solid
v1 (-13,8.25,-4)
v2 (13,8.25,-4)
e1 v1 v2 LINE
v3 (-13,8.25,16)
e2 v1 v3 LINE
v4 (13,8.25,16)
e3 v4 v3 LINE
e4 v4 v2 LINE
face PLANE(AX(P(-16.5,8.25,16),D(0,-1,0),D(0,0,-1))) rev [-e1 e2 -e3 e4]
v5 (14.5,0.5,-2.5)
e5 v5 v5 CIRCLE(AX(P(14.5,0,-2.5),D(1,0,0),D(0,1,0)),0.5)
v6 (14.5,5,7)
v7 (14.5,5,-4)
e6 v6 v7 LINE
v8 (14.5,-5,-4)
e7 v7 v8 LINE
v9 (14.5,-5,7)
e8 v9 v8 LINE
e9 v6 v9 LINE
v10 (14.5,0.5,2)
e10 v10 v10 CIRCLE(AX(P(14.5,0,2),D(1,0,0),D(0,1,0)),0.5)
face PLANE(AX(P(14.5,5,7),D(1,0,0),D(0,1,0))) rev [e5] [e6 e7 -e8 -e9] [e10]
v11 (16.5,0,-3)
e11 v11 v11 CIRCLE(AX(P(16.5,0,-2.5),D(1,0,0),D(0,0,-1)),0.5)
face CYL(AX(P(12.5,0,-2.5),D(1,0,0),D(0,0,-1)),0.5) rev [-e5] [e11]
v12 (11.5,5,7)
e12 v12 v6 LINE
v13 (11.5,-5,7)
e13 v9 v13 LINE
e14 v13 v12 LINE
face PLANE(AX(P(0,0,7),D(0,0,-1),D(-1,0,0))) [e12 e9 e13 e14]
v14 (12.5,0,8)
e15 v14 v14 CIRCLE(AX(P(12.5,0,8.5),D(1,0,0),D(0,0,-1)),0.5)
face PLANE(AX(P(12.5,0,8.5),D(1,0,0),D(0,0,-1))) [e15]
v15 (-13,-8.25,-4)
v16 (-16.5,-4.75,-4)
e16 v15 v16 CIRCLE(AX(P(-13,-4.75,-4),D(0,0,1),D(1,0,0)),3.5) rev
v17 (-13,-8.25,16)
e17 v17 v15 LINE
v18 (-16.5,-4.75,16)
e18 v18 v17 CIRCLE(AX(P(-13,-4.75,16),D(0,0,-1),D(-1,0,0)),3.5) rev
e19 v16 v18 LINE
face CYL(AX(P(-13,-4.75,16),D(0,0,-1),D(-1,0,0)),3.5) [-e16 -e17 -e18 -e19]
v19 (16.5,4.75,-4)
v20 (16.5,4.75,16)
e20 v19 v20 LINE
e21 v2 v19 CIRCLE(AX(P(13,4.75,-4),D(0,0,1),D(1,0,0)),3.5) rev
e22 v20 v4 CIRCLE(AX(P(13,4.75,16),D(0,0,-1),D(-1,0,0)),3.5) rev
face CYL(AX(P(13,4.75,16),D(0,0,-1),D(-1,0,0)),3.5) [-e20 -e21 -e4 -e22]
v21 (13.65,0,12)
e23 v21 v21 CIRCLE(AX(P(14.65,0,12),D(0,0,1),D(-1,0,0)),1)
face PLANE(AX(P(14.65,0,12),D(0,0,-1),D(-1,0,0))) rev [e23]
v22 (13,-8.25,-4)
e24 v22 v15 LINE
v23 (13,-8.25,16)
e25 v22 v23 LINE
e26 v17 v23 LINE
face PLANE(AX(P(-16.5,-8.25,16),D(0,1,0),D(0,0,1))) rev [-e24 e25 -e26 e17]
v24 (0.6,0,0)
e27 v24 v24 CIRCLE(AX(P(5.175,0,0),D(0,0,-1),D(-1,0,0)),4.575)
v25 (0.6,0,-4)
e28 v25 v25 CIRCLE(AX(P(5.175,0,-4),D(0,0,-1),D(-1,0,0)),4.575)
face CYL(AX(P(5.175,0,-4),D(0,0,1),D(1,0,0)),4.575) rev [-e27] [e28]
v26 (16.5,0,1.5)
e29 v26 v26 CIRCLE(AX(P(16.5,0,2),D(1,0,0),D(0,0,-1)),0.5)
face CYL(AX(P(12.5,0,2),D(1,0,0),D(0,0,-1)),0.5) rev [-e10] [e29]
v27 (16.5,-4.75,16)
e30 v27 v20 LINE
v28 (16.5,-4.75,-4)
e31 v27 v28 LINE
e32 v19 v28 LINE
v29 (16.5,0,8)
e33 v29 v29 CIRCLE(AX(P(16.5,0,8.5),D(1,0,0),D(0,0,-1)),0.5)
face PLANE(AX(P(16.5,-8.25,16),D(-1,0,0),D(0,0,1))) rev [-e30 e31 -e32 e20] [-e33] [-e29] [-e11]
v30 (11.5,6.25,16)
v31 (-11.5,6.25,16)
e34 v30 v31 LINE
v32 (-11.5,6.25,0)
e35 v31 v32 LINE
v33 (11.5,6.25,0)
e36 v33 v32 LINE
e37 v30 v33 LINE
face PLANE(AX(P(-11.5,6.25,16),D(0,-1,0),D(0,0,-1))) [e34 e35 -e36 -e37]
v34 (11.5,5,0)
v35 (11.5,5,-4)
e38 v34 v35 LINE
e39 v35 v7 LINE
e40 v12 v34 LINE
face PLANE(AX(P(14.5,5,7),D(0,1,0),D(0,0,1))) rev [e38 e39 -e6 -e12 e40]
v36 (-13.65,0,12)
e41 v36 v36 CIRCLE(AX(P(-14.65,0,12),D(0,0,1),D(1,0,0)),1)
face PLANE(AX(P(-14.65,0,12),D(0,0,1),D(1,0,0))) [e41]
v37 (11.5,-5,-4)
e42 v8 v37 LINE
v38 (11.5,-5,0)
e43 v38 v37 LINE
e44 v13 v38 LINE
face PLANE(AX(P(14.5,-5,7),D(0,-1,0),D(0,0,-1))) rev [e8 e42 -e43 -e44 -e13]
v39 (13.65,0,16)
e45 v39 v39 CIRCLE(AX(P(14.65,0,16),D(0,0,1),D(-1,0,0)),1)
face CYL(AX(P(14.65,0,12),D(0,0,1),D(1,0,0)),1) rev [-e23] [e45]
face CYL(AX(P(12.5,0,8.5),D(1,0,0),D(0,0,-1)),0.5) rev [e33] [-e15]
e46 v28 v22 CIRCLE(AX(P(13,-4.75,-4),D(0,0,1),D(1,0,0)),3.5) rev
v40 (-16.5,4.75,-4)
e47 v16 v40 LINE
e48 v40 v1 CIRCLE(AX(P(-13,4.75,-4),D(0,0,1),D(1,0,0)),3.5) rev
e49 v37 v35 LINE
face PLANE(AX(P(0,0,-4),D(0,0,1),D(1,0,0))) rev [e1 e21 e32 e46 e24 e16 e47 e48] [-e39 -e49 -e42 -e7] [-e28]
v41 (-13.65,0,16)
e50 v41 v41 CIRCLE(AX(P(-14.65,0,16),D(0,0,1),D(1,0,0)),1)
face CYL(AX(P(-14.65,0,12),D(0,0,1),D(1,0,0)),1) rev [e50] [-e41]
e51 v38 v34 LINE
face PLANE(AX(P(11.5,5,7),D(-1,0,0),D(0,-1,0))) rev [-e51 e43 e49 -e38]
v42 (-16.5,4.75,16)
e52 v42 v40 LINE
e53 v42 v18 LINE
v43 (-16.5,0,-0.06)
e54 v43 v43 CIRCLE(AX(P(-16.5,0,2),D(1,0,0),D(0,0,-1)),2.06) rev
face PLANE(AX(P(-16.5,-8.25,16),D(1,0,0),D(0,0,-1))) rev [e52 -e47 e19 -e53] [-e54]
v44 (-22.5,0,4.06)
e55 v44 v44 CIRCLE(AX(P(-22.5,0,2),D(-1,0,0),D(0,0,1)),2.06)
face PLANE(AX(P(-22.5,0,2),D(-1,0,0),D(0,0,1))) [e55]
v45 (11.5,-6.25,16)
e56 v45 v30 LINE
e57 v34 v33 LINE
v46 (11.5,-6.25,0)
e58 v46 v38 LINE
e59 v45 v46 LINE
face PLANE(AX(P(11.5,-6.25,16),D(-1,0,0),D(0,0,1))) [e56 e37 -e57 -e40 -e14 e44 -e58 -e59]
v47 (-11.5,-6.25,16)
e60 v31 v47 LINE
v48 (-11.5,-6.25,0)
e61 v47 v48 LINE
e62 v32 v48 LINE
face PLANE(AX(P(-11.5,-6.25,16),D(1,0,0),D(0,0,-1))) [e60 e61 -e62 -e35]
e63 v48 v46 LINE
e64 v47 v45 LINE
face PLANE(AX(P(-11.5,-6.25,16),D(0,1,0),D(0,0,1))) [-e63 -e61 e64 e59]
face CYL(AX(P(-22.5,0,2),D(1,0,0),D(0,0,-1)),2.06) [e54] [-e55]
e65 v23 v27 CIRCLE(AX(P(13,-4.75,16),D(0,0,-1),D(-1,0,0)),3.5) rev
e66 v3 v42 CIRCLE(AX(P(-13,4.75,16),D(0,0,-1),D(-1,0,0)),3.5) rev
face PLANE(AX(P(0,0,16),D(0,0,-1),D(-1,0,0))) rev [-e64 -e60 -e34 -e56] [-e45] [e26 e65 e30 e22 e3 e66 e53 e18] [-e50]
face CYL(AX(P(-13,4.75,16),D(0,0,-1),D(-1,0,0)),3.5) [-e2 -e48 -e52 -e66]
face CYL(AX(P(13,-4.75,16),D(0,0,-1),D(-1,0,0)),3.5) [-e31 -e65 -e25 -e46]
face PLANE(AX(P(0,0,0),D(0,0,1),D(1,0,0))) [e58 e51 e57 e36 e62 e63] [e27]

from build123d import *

# Parameters (mm, degrees)
SKETCH1_W           = 33
SKETCH1_H           = 16.5
SKETCH1_W_2         = 23
SKETCH1_H_2         = 12.5
BOSS_EXTRUDE1_DEPTH = 16
SKETCH2_R           = 1
CUT_EXTRUDE1_DEPTH  = 4
SKETCH6_R           = 4.575
BOSS_EXTRUDE5_DEPTH = 4
SKETCH7_W           = 3
SKETCH7_H           = 10
CUT_EXTRUDE3_DEPTH  = 11
SKETCH9_R           = 0.5
CUT_EXTRUDE4_DEPTH  = 4
SKETCH10_R          = 2.06
BOSS_EXTRUDE6_DEPTH = 6
FILLET1_R           = 3.5


with BuildPart() as part:
    # Sketch1 → Boss-Extrude1 (new body)
    with BuildSketch(Plane.XY):
        Rectangle(SKETCH1_W, SKETCH1_H)
        Rectangle(SKETCH1_W_2, SKETCH1_H_2, mode=Mode.SUBTRACT)
    extrude(amount=BOSS_EXTRUDE1_DEPTH)

    # Sketch2 → Cut-Extrude1 (cut)
    with BuildSketch(Plane.XY.offset(16)):
        with Locations((-14.65, 0)):
            Circle(SKETCH2_R)
        with Locations(Location((14.65, 0, 0), (0, 0, 180))):
            Circle(SKETCH2_R)
    extrude(amount=-CUT_EXTRUDE1_DEPTH, mode=Mode.SUBTRACT)

    # Sketch6 → Boss-Extrude5 (add)
    with BuildSketch(Plane(origin=(0, 0, 0), x_dir=(-1, 0, 0), z_dir=(0, 0, -1))):
        Polygon((-11.5, 8.25), (16.5, 8.25), (16.5, -8.25), (-11.5, -8.25), (-16.5, -8.25), (-16.5, 8.25), align=None)
        with Locations((-5.175, 0)):
            Circle(SKETCH6_R, mode=Mode.SUBTRACT)
    extrude(amount=BOSS_EXTRUDE5_DEPTH)

    # Sketch7 → Cut-Extrude3 (cut)
    with BuildSketch(Plane(origin=(0, 0, -4), x_dir=(-1, 0, 0), z_dir=(0, 0, -1))):
        with Locations((-13, 0)):
            Rectangle(SKETCH7_W, SKETCH7_H)
    extrude(amount=-CUT_EXTRUDE3_DEPTH, mode=Mode.SUBTRACT)

    # Sketch9 → Cut-Extrude4 (cut)
    with BuildSketch(Plane(origin=(16.5, 0, 0), x_dir=(0, 0, -1), z_dir=(1, 0, 0))):
        with Locations((-2, 0)):
            Circle(SKETCH9_R)
        with Locations((2.5, 0)):
            Circle(SKETCH9_R)
        with Locations((-8.5, 0)):
            Circle(SKETCH9_R)
    extrude(amount=-CUT_EXTRUDE4_DEPTH, mode=Mode.SUBTRACT)

    # Sketch10 → Boss-Extrude6 (add)
    with BuildSketch(Plane.ZY.offset(16.5)):
        with Locations(Location((2, 0, 0), (0, 0, 180))):
            Circle(SKETCH10_R)
    extrude(amount=BOSS_EXTRUDE6_DEPTH)

    # Fillet1
    fillet1_edges = [part.edges().sort_by_distance(p)[0] for p in [
        (16.5, -8.25, 6),
        (-16.5, -8.25, 6),
        (-16.5, 8.25, 6),
        (16.5, 8.25, 6),
    ]]
    fillet(fillet1_edges, radius=FILLET1_R)


solid = part.part
